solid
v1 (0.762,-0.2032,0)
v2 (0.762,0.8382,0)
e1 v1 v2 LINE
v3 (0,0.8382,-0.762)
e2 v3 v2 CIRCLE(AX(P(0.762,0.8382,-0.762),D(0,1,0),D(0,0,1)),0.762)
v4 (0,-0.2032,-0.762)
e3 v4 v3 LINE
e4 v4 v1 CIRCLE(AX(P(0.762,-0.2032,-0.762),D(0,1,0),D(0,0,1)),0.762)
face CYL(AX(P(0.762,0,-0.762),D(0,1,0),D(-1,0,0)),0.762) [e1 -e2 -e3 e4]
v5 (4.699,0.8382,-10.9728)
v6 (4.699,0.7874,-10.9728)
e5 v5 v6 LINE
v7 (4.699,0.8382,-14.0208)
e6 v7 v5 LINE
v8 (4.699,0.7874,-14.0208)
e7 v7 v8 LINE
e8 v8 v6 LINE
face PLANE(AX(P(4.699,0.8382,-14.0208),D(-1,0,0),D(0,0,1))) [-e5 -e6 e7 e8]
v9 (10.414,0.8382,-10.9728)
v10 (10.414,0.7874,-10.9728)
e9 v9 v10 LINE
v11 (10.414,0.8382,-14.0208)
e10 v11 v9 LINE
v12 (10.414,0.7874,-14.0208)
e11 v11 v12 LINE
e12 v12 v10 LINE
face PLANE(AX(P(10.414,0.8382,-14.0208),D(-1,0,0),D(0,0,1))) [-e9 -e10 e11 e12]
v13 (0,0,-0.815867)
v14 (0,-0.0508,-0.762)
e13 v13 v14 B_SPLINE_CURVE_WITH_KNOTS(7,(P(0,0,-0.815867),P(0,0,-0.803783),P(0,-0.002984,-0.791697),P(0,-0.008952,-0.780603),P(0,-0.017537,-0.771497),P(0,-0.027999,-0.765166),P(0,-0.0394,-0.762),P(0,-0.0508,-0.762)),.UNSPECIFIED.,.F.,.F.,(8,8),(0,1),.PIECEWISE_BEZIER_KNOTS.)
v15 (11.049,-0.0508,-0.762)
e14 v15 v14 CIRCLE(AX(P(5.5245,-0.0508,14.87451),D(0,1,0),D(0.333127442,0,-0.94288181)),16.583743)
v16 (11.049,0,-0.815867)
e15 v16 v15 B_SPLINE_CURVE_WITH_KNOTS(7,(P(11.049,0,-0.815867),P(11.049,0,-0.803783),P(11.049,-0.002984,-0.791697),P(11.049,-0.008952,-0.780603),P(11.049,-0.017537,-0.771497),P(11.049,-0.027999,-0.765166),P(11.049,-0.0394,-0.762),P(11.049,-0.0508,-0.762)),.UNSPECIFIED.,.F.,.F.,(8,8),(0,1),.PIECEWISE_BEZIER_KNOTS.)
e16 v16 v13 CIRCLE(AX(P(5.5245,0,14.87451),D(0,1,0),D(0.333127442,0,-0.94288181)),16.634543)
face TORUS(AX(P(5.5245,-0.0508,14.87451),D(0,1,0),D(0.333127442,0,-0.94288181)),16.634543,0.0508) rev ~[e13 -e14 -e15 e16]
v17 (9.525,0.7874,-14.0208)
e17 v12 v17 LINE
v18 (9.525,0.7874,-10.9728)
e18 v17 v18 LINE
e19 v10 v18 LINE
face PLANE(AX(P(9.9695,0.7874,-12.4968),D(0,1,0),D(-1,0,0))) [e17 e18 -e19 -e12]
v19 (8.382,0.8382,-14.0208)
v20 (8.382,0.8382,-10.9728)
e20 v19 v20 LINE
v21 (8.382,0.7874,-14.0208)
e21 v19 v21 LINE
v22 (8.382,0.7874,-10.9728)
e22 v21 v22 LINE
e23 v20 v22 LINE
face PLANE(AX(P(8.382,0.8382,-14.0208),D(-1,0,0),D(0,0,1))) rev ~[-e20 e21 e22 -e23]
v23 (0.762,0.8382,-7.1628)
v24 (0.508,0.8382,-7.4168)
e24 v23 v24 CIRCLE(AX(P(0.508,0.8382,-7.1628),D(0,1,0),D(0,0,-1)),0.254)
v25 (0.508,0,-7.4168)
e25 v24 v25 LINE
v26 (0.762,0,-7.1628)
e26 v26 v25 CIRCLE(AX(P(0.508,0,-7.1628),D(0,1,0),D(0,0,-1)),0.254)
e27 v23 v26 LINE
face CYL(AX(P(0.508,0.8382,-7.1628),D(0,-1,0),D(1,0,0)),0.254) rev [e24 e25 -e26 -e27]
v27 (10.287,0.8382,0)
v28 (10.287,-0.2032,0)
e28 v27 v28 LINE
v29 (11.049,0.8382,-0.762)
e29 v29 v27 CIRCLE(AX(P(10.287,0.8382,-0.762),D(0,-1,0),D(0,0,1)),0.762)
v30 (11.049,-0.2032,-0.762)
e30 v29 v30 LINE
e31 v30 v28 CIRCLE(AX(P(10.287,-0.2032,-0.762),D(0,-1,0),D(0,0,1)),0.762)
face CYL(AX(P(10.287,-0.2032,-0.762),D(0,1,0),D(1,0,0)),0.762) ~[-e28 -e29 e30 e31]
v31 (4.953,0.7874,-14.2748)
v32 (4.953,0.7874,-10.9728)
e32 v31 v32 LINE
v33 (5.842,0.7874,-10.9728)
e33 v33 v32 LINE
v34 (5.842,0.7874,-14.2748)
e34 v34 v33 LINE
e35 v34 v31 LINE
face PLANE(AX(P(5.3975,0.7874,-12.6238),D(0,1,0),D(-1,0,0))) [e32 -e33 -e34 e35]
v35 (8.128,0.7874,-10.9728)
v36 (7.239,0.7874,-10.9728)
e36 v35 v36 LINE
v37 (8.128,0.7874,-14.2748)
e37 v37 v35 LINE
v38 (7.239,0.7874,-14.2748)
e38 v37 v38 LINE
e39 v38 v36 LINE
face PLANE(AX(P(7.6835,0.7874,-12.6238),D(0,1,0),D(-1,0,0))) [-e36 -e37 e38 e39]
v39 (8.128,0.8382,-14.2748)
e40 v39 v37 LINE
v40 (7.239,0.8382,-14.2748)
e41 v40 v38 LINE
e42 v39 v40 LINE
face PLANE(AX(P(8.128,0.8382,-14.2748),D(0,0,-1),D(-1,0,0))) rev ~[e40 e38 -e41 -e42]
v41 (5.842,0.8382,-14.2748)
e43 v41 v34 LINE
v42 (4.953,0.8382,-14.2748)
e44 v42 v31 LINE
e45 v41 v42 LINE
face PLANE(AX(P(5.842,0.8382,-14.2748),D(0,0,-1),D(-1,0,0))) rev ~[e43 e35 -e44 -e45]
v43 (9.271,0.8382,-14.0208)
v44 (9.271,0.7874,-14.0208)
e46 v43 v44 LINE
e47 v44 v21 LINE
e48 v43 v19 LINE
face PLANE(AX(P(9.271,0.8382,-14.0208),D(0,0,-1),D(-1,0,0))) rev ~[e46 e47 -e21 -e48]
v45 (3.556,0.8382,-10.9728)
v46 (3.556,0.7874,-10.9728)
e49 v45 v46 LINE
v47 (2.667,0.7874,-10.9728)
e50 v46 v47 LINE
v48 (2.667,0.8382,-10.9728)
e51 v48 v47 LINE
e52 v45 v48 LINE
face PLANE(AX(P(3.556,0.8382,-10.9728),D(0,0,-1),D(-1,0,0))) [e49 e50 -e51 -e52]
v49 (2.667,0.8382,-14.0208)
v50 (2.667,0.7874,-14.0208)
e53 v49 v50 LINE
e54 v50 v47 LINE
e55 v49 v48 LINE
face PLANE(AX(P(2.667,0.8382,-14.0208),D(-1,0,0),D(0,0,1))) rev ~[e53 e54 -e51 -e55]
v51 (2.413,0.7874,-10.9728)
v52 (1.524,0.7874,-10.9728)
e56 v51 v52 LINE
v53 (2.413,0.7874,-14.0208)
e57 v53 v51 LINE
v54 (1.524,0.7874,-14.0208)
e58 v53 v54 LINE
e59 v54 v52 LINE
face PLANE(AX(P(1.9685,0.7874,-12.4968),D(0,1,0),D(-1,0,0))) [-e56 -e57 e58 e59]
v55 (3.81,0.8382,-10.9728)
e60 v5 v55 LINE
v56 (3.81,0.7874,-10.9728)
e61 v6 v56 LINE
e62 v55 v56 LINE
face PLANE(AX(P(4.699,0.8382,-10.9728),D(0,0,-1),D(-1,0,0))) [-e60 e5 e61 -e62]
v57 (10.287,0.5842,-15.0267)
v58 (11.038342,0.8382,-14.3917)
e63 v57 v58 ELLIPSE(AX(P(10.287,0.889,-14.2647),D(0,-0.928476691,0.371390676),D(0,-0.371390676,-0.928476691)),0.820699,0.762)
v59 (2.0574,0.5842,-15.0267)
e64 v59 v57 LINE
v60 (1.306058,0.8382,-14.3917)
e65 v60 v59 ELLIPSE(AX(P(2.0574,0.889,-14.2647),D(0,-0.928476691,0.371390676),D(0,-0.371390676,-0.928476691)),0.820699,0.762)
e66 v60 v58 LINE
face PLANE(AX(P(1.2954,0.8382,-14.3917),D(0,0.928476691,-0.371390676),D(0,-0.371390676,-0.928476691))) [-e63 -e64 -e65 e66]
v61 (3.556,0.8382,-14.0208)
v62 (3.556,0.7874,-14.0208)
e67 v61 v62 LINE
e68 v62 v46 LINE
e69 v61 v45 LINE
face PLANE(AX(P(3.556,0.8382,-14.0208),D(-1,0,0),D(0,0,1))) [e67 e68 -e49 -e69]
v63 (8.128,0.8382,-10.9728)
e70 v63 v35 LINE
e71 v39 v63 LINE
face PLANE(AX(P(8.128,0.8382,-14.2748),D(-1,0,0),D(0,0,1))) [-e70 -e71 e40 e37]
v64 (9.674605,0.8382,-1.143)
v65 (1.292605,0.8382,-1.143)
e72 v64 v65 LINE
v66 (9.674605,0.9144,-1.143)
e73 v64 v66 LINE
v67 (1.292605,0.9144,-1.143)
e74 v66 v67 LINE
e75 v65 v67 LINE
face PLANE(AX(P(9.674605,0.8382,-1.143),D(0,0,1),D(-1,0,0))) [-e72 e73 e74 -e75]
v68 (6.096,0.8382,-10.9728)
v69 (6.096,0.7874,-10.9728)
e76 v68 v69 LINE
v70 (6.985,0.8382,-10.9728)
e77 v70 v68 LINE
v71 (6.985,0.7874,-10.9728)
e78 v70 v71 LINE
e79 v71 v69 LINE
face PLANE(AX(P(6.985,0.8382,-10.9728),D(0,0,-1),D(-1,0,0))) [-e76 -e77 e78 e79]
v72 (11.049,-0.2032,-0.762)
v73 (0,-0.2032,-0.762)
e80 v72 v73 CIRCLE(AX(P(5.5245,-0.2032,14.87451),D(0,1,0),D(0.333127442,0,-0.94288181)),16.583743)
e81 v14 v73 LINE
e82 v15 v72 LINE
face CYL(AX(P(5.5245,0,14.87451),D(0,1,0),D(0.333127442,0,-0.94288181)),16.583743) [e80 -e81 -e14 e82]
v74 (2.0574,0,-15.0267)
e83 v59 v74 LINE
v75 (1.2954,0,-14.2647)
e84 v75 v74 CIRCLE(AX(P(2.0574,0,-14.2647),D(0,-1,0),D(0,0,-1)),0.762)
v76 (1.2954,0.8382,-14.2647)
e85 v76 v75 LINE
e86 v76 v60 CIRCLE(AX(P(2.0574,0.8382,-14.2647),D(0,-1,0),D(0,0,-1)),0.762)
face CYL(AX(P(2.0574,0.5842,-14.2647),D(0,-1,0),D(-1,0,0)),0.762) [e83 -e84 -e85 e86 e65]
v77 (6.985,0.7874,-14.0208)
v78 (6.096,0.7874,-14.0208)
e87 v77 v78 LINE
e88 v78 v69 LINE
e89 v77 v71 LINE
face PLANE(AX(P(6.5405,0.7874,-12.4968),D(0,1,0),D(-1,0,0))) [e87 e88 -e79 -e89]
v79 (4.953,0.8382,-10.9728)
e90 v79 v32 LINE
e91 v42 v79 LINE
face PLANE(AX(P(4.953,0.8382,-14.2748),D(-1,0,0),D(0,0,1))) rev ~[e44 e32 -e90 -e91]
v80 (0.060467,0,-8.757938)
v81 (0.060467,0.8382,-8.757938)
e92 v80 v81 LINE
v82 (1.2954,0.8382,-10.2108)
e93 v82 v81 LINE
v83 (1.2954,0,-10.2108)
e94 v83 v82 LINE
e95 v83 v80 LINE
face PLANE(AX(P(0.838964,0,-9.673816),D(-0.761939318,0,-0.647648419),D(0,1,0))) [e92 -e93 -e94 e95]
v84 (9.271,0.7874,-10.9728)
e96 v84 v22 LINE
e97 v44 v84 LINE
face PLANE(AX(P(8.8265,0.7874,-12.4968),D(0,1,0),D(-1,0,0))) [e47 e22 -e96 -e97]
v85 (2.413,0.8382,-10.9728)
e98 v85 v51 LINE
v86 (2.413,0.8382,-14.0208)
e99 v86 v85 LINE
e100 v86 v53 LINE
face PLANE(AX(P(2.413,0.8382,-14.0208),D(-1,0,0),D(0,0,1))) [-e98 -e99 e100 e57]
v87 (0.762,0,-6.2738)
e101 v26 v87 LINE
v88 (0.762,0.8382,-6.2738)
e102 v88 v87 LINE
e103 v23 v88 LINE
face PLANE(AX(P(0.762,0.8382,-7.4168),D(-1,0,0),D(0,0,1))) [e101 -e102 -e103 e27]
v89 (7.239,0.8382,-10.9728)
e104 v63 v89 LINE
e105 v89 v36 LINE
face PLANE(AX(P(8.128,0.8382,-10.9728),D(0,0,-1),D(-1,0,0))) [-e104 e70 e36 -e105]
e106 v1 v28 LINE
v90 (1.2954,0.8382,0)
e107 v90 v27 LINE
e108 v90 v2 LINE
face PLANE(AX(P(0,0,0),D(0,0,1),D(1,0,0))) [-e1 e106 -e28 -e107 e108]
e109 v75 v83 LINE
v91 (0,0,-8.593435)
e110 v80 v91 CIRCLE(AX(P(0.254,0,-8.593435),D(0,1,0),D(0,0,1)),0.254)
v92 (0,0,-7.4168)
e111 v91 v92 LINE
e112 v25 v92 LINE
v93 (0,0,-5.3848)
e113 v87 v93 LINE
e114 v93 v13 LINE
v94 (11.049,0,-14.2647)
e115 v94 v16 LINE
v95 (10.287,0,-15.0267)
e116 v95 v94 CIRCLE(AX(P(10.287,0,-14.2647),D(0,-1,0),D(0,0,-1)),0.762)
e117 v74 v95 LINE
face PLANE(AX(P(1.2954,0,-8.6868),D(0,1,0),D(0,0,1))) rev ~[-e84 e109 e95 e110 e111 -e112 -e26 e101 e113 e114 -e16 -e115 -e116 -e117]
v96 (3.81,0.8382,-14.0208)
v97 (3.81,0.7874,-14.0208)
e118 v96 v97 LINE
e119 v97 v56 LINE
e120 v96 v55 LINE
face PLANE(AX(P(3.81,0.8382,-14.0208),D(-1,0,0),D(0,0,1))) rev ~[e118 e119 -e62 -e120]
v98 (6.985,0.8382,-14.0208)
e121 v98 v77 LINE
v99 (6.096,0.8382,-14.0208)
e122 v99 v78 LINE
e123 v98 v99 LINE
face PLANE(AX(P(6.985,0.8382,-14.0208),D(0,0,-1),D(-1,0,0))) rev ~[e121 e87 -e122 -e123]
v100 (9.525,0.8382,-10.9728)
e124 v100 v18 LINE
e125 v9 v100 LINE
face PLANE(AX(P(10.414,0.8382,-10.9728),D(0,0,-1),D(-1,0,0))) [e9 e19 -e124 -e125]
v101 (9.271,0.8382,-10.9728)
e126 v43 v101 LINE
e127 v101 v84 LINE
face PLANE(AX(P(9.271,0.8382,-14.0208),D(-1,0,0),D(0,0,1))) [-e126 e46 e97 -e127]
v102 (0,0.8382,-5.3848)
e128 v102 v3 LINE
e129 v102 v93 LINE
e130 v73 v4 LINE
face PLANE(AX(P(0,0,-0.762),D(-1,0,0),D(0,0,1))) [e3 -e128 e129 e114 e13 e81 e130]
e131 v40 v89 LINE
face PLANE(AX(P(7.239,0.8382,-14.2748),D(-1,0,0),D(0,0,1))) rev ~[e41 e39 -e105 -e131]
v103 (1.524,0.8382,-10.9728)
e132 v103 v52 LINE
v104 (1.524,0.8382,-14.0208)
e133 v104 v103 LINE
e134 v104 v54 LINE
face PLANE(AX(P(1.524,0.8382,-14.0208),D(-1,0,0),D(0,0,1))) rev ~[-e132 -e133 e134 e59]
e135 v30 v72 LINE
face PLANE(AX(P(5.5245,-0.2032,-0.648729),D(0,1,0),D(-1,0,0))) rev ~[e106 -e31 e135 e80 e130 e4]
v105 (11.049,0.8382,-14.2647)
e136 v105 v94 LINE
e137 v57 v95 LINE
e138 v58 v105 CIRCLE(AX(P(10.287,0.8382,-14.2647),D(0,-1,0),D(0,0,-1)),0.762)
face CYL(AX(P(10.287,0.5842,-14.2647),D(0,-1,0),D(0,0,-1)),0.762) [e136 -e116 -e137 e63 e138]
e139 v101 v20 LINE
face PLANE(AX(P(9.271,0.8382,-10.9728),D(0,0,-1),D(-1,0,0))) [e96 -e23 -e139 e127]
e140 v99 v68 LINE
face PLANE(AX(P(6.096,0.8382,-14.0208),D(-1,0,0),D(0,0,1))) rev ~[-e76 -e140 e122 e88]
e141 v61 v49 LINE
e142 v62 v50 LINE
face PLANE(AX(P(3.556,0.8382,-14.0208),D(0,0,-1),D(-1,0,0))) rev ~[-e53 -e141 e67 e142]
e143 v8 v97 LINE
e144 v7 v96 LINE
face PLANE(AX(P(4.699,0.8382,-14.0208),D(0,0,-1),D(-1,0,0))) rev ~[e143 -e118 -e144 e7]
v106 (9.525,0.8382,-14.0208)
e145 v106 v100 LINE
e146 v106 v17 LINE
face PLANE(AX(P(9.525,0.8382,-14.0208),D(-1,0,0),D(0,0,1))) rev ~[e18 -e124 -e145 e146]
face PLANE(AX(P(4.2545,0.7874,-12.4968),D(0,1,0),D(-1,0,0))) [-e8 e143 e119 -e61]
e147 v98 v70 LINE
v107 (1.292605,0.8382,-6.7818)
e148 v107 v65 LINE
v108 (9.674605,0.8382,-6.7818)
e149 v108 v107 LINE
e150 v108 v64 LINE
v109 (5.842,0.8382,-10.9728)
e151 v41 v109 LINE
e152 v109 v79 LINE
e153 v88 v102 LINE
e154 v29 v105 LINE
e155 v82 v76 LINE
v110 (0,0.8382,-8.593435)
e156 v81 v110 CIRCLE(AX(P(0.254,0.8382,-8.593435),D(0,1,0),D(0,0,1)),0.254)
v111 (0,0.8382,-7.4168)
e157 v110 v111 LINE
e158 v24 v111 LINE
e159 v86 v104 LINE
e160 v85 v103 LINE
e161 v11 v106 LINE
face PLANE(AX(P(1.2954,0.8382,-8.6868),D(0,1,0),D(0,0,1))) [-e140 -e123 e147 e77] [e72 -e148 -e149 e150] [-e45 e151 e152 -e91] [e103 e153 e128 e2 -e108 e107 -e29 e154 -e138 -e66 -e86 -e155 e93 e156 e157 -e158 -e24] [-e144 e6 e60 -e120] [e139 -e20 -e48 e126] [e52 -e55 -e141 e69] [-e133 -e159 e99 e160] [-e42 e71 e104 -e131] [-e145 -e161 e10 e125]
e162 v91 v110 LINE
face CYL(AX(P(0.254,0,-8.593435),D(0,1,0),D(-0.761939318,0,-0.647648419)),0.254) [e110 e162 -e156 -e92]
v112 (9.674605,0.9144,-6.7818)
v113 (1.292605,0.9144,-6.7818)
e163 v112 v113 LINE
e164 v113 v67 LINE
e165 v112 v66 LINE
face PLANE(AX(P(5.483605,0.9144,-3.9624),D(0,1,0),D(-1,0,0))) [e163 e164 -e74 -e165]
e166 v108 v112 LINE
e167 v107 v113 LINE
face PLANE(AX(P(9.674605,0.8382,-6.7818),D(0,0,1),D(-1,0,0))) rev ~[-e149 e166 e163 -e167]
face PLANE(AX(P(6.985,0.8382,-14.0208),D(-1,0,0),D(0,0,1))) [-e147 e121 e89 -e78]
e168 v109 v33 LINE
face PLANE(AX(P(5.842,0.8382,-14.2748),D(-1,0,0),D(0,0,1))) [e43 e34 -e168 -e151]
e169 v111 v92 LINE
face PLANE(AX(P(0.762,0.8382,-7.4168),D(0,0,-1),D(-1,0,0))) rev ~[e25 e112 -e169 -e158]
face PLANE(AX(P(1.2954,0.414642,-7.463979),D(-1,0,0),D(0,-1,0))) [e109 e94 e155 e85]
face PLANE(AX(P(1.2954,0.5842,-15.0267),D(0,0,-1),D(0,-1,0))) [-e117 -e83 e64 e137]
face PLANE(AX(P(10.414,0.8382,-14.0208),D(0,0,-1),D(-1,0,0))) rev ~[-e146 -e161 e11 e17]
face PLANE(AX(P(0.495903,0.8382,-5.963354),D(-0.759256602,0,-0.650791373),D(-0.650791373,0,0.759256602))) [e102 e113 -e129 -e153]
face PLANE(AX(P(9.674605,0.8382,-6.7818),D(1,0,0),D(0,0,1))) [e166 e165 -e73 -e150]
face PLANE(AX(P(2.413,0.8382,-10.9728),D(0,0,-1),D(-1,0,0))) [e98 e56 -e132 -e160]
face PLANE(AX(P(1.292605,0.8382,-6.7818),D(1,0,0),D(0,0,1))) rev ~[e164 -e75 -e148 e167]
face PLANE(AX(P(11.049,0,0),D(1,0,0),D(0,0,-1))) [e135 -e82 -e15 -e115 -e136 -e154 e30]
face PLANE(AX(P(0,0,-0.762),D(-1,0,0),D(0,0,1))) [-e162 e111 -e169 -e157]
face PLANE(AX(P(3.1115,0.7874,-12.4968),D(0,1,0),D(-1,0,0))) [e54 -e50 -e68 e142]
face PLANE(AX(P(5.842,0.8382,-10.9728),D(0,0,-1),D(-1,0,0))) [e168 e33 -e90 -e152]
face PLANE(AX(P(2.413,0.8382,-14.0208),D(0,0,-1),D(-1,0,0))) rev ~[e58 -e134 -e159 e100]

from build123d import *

# Parameters (mm, degrees)
BOSS_EXTRUDE1_DEPTH = 9.753600003
SKETCH2_W           = 8.686799997
SKETCH2_H           = 0.8382
BOSS_EXTRUDE2_DEPTH = 1.295399997
BOSS_EXTRUDE3_DEPTH = 0.2032
SKETCH4_W           = 0.762
SKETCH4_H           = 2.032
CUT_EXTRUDE1_DEPTH  = 19.680648463
SKETCH5_W           = 8.382
SKETCH5_H           = 5.6388
BOSS_EXTRUDE4_DEPTH = 0.0762
SKETCH6_W           = 0.889000002
SKETCH6_H           = 3.048
CUT_EXTRUDE2_DEPTH  = 0.0508
SKETCH7_W           = 0.889
SKETCH7_H           = 3.048
CUT_EXTRUDE3_DEPTH  = 0.0508
SKETCH8_W           = 0.889
SKETCH8_H           = 3.048
CUT_EXTRUDE4_DEPTH  = 0.0508
SKETCH9_W           = 0.889
SKETCH9_H           = 3.048
CUT_EXTRUDE5_DEPTH  = 0.0508
SKETCH10_W          = 0.889
SKETCH10_H          = 3.048
CUT_EXTRUDE6_DEPTH  = 0.0508
SKETCH11_W          = 0.888999999
SKETCH11_H          = 3.301999998
CUT_EXTRUDE7_DEPTH  = 0.0508
SKETCH12_W          = 0.888999999
SKETCH12_H          = 3.301999998
CUT_EXTRUDE8_DEPTH  = 0.0508
SKETCH13_W          = 0.889
SKETCH13_H          = 3.048
CUT_EXTRUDE9_DEPTH  = 0.0508
DRAFT1_ANGLE        = 49.398705355
DRAFT2_ANGLE        = 49.635463485
FILLET2_R           = 0.050800005
FILLET3_R           = 0.254
FILLET4_R           = 0.762


with BuildPart() as part:
    # Sketch1 → Boss-Extrude1 (new body)
    with BuildSketch(Plane(origin=(1.2954, 0, 0), x_dir=(0, -1, 0), z_dir=(-1, 0, 0))):
        Polygon((-0.8382, 0), (-0.8382, -14.391699969), (-0.5842, -15.026699969), (0, -15.026699969), (0, 0), align=None)
    extrude(amount=-BOSS_EXTRUDE1_DEPTH)

    # Sketch2 → Boss-Extrude2 (add)
    with BuildSketch(Plane.ZY.offset(-1.2954)):
        with Locations((-4.343399999, 0.4191)):
            Rectangle(SKETCH2_W, SKETCH2_H)
    extrude(amount=BOSS_EXTRUDE2_DEPTH)

    # Sketch3 → Boss-Extrude3 (add)
    with BuildSketch(Plane.XZ):
        with BuildLine():
            Line((0, -0.762000007), (0, 0))
            Line((0, 0), (11.049, 0))
            Line((11.049, 0), (11.049, -0.762000007))
            ThreePointArc((11.049, -0.762000007), (5.5245, -1.709233412), (0, -0.762000007))
        make_face()
    extrude(amount=BOSS_EXTRUDE3_DEPTH)

    # Sketch4 → Cut-Extrude1 (cut, through all)
    with BuildSketch(Plane(origin=(0, 0.8382, 0), x_dir=(-1, 0, 0), z_dir=(0, 1, 0))):
        with Locations((-0.381, -6.4008)):
            Rectangle(SKETCH4_W, SKETCH4_H)
    extrude(amount=-CUT_EXTRUDE1_DEPTH, mode=Mode.SUBTRACT)

    # Sketch5 → Boss-Extrude4 (add)
    with BuildSketch(Plane(origin=(0, 0.8382, 0), x_dir=(-1, 0, 0), z_dir=(0, 1, 0))):
        with Locations((-5.483604679, -3.9624)):
            Rectangle(SKETCH5_W, SKETCH5_H)
    extrude(amount=BOSS_EXTRUDE4_DEPTH)

    # Sketch6 → Cut-Extrude2 (cut)
    with BuildSketch(Plane(origin=(0, 0.8382, 0), x_dir=(-1, 0, 0), z_dir=(0, 1, 0))):
        with Locations((-1.9685, -12.496800003)):
            Rectangle(SKETCH6_W, SKETCH6_H)
    extrude(amount=-CUT_EXTRUDE2_DEPTH, mode=Mode.SUBTRACT)

    # Sketch7 → Cut-Extrude3 (cut)
    with BuildSketch(Plane(origin=(0, 0.8382, 0), x_dir=(-1, 0, 0), z_dir=(0, 1, 0))):
        with Locations((-4.254499999, -12.496800003)):
            Rectangle(SKETCH7_W, SKETCH7_H)
    extrude(amount=-CUT_EXTRUDE3_DEPTH, mode=Mode.SUBTRACT)

    # Sketch8 → Cut-Extrude4 (cut)
    with BuildSketch(Plane(origin=(0, 0.8382, 0), x_dir=(-1, 0, 0), z_dir=(0, 1, 0))):
        with Locations((-3.111499999, -12.496800003)):
            Rectangle(SKETCH8_W, SKETCH8_H)
    extrude(amount=-CUT_EXTRUDE4_DEPTH, mode=Mode.SUBTRACT)

    # Sketch9 → Cut-Extrude5 (cut)
    with BuildSketch(Plane(origin=(0, 0.8382, 0), x_dir=(-1, 0, 0), z_dir=(0, 1, 0))):
        with Locations((-9.969500001, -12.496800003)):
            Rectangle(SKETCH9_W, SKETCH9_H)
    extrude(amount=-CUT_EXTRUDE5_DEPTH, mode=Mode.SUBTRACT)

    # Sketch10 → Cut-Extrude6 (cut)
    with BuildSketch(Plane(origin=(0, 0.8382, 0), x_dir=(-1, 0, 0), z_dir=(0, 1, 0))):
        with Locations((-6.5405, -12.496800003)):
            Rectangle(SKETCH10_W, SKETCH10_H)
    extrude(amount=-CUT_EXTRUDE6_DEPTH, mode=Mode.SUBTRACT)

    # Sketch11 → Cut-Extrude7 (cut)
    with BuildSketch(Plane(origin=(0, 0.8382, 0), x_dir=(-1, 0, 0), z_dir=(0, 1, 0))):
        with Locations((-5.3975, -12.623800002)):
            Rectangle(SKETCH11_W, SKETCH11_H)
    extrude(amount=-CUT_EXTRUDE7_DEPTH, mode=Mode.SUBTRACT)

    # Sketch12 → Cut-Extrude8 (cut)
    with BuildSketch(Plane(origin=(0, 0.8382, 0), x_dir=(-1, 0, 0), z_dir=(0, 1, 0))):
        with Locations((-7.683500001, -12.623800002)):
            Rectangle(SKETCH12_W, SKETCH12_H)
    extrude(amount=-CUT_EXTRUDE8_DEPTH, mode=Mode.SUBTRACT)

    # Sketch13 → Cut-Extrude9 (cut)
    with BuildSketch(Plane(origin=(0, 0.8382, 0), x_dir=(-1, 0, 0), z_dir=(0, 1, 0))):
        with Locations((-8.826500001, -12.496800003)):
            Rectangle(SKETCH13_W, SKETCH13_H)
    extrude(amount=-CUT_EXTRUDE9_DEPTH, mode=Mode.SUBTRACT)

    # Draft1
    draft1_faces = [part.faces().sort_by_distance(p)[0] for p in [
        (0.381, 0.4191, -5.3848),
    ]]
    draft(draft1_faces, Plane(origin=(3e-09, 0, 0), x_dir=(0, 0, -1), z_dir=(-1, 0, 0)), DRAFT1_ANGLE)

    # Draft2
    draft2_faces = [part.faces().sort_by_distance(p)[0] for p in [
        (0.647700002, 0.4191, -8.686799997),
    ]]
    draft(draft2_faces, Plane(origin=(3e-09, 0, 0), x_dir=(0, 0, -1), z_dir=(-1, 0, 0)), DRAFT2_ANGLE)

    # Fillet2
    fillet2_edges = [part.edges().sort_by_distance(p)[0] for p in [
        (5.5245, 0, -1.709233412),
    ]]
    fillet(fillet2_edges, radius=FILLET2_R)

    # Fillet3
    fillet3_edges = [part.edges().sort_by_distance(p)[0] for p in [
        (3e-09, 0.4191, -8.686799997),
        (0.762, 0.4191, -7.4168),
    ]]
    fillet(fillet3_edges, radius=FILLET3_R)

    # Fillet4
    fillet4_edges = [part.edges().sort_by_distance(p)[0] for p in [
        (3e-09, 0.4191, 0),
        (11.049000003, 0.2921, -15.026699969),
        (11.049000003, 0.4191, 0),
        (1.2954, 0.2921, -15.026699969),
    ]]
    fillet(fillet4_edges, radius=FILLET4_R)


solid = part.part
